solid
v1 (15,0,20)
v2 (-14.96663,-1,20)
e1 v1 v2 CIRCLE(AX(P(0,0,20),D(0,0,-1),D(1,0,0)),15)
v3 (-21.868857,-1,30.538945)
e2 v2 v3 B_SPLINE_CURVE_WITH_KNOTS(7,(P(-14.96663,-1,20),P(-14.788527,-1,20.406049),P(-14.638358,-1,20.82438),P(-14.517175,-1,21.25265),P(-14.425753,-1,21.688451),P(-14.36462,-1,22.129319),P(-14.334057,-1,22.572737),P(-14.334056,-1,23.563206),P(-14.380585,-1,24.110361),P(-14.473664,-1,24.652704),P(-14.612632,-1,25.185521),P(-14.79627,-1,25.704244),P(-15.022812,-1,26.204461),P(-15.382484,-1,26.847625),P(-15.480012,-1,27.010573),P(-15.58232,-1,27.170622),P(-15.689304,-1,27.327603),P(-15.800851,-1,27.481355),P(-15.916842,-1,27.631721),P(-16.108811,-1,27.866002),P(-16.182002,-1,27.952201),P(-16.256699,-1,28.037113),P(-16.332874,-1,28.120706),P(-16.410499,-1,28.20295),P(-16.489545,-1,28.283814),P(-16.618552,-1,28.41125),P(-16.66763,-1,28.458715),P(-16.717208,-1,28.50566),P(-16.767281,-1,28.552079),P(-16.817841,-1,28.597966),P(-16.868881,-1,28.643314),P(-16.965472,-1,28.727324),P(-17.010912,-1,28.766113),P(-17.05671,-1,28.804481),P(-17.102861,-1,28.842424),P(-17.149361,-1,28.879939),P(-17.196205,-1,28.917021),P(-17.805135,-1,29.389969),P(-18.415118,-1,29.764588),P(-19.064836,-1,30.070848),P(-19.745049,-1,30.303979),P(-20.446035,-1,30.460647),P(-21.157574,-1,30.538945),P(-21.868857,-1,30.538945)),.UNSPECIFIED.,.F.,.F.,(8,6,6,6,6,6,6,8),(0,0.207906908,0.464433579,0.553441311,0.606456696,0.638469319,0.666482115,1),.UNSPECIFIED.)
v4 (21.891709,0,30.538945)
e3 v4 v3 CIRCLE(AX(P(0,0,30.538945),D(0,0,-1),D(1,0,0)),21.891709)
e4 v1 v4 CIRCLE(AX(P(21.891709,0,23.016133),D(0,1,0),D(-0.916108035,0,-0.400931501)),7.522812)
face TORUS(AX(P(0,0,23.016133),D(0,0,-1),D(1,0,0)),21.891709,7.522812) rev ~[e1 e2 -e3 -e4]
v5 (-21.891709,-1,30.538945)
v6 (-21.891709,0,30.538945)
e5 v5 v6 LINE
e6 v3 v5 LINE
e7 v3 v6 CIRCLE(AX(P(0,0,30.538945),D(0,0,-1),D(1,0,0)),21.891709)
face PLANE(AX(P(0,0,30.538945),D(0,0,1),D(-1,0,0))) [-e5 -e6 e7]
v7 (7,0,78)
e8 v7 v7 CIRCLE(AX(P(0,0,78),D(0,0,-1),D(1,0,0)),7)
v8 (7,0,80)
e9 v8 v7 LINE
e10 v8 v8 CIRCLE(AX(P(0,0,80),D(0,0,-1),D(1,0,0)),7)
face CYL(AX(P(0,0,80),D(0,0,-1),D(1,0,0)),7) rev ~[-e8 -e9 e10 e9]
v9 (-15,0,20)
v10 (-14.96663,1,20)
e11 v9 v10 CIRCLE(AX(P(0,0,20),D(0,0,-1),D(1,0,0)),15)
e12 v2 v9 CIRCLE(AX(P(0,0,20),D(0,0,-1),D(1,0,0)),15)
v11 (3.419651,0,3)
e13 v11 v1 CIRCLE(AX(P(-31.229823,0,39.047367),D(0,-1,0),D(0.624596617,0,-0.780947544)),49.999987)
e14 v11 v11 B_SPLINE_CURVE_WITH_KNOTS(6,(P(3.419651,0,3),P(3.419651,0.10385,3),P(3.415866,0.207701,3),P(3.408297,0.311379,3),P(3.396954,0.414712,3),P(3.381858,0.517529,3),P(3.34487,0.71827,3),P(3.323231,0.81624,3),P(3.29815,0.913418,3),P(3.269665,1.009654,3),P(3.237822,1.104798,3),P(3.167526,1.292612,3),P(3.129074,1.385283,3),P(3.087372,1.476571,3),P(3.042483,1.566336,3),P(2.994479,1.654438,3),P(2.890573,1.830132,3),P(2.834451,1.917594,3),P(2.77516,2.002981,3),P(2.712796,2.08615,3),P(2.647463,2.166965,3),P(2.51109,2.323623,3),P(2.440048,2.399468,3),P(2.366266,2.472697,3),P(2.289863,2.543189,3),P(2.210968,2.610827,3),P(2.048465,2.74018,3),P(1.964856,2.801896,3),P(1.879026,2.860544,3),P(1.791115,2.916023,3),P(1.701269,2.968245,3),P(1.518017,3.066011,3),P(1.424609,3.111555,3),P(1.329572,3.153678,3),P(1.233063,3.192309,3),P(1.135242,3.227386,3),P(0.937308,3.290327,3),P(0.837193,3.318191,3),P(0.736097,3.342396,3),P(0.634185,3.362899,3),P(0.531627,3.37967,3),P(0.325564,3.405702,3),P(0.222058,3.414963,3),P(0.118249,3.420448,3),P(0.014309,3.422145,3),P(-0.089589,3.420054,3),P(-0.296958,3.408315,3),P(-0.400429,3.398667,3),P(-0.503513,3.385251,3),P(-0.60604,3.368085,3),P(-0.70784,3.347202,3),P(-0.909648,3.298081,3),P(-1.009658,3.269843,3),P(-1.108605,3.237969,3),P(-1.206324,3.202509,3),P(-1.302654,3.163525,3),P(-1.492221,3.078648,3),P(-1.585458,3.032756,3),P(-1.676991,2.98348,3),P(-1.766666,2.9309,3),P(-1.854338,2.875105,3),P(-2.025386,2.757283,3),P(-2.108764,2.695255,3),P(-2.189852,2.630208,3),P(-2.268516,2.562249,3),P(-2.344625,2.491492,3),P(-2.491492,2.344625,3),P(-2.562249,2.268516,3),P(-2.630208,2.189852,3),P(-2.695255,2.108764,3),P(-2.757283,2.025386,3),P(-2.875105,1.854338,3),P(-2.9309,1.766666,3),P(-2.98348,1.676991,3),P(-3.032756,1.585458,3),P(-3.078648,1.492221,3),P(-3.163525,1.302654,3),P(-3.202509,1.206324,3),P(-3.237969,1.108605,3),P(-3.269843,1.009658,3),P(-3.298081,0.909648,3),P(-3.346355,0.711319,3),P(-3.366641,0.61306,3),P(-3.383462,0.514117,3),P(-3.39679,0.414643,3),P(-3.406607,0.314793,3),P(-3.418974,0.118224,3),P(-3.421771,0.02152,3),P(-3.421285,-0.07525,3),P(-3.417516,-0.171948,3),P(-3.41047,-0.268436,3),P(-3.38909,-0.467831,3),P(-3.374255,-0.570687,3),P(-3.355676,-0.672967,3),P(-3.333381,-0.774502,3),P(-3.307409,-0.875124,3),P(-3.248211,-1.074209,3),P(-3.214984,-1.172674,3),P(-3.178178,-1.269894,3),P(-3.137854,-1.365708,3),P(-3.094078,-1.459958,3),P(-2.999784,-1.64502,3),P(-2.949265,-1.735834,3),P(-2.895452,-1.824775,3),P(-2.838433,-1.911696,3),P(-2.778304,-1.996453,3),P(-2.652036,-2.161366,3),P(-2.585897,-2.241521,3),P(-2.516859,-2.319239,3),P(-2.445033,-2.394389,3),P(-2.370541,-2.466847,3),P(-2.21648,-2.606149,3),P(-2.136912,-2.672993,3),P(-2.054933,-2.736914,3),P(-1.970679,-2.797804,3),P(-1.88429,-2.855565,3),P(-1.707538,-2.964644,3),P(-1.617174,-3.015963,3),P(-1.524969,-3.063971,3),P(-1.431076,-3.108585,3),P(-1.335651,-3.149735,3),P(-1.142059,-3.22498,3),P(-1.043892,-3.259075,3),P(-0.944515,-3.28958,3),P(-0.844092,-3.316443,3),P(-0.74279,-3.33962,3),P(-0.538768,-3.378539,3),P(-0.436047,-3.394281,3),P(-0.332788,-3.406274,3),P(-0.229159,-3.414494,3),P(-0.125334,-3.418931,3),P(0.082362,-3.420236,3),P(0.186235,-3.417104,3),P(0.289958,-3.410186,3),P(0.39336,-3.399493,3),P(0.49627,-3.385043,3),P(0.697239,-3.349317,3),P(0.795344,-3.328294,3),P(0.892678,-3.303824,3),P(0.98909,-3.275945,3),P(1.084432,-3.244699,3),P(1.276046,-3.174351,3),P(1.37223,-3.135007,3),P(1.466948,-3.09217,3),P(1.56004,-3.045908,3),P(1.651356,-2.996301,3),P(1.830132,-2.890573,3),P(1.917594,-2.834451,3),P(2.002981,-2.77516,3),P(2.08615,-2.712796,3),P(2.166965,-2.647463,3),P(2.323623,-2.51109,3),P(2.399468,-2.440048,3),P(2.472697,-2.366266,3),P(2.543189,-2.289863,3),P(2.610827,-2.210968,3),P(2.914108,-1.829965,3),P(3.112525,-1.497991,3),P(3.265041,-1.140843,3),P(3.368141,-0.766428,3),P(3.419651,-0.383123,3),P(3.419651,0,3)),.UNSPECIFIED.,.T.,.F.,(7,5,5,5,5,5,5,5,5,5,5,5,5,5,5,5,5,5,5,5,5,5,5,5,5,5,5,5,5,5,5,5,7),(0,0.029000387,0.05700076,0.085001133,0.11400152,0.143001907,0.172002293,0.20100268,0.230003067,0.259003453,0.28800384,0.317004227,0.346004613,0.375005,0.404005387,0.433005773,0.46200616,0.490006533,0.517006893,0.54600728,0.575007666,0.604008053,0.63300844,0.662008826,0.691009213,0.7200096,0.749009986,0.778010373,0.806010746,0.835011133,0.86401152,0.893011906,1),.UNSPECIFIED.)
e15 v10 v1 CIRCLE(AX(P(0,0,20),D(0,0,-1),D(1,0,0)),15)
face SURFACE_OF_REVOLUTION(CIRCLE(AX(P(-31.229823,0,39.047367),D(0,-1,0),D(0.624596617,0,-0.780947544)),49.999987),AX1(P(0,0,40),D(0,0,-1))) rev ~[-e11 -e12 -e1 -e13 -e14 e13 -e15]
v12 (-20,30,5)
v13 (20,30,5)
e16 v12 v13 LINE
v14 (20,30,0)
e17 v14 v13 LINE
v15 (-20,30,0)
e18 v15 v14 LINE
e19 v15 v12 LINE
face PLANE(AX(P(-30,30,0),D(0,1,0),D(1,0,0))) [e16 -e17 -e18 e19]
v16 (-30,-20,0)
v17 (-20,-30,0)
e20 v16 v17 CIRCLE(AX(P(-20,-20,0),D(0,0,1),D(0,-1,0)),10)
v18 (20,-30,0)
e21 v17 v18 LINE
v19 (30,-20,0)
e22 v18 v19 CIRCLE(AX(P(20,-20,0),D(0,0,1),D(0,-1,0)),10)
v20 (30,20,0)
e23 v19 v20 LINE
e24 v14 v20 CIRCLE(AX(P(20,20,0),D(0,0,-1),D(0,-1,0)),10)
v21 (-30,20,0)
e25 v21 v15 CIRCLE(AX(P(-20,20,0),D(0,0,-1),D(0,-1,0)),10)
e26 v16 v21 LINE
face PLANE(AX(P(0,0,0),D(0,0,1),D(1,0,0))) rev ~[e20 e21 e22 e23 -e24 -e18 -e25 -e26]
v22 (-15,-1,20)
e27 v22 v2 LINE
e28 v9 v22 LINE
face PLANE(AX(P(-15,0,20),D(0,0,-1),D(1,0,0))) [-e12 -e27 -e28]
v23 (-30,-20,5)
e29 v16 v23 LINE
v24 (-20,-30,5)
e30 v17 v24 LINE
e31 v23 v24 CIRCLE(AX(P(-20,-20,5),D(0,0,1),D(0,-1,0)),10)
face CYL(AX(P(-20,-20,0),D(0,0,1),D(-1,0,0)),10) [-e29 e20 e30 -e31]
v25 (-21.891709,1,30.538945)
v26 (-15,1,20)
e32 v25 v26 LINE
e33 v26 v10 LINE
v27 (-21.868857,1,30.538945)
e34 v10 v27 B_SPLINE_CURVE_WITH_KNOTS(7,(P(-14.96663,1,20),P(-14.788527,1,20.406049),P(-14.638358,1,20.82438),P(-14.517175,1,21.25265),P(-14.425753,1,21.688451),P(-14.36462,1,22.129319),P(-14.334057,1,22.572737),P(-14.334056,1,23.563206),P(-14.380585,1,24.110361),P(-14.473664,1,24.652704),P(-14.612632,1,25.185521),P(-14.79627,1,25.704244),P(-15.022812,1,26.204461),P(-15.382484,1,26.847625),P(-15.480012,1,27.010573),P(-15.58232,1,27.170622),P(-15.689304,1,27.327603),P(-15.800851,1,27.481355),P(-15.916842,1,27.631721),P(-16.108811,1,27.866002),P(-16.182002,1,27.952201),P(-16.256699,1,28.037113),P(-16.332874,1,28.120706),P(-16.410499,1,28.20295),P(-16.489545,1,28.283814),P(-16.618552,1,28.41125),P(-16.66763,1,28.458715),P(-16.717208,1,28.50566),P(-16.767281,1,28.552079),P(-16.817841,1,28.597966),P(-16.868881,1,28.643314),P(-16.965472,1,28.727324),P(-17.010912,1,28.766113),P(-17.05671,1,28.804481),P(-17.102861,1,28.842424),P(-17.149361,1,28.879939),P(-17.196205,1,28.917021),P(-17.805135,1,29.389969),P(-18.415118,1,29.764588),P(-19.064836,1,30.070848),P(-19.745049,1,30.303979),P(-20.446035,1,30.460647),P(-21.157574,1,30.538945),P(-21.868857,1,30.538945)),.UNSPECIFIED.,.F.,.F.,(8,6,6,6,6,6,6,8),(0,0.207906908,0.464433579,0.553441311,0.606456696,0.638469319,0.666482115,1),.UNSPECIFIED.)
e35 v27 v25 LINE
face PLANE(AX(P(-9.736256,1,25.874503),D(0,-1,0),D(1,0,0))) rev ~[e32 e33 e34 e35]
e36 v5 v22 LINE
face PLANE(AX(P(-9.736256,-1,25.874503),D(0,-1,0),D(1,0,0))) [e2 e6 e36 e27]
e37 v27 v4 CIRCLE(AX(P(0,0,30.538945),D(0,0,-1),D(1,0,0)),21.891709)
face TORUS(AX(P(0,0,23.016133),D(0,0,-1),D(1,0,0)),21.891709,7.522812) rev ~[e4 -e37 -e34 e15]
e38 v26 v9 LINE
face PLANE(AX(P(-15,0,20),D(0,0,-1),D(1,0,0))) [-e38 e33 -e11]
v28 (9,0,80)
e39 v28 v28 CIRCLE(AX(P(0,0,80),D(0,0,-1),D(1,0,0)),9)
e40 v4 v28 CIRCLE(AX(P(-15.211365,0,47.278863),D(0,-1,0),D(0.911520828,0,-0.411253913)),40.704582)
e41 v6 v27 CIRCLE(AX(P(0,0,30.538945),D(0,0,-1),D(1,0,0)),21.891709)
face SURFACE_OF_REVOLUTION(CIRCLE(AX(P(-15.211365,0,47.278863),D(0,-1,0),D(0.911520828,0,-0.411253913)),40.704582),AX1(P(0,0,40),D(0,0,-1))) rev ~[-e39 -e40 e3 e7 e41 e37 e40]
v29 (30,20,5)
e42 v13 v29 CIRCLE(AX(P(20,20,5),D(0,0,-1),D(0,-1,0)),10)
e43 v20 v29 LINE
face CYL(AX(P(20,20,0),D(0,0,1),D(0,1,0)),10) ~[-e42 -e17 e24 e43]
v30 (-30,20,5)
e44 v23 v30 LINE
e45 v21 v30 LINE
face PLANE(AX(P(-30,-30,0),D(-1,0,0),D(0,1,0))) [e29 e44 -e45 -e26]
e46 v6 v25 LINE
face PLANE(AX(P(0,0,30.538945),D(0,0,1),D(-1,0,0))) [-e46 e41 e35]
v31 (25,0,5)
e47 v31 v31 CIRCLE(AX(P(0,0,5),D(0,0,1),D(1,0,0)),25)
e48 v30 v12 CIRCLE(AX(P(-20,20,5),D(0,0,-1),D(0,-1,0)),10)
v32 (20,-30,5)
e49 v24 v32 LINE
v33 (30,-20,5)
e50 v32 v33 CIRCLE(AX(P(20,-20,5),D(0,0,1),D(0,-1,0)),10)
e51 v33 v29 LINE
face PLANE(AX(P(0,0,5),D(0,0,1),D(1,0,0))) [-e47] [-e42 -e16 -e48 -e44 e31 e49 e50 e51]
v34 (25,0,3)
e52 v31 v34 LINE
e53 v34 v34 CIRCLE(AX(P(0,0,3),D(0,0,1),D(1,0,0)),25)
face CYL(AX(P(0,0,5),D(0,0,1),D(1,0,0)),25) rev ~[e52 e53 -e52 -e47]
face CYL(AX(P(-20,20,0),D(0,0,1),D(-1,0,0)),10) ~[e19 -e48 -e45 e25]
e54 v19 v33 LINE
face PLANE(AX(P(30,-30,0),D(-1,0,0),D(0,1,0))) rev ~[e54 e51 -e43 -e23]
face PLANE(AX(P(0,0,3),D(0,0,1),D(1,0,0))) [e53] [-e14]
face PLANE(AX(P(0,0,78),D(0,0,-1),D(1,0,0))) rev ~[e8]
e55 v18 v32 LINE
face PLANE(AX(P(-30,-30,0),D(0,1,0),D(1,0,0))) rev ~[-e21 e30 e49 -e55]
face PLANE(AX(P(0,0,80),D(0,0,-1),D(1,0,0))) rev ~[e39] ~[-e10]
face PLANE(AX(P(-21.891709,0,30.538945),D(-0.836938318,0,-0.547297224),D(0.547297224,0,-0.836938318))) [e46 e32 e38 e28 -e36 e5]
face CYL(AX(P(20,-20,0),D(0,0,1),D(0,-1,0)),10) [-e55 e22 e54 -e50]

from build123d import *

# Parameters (mm, degrees)
F0_W     = 60
F0_H     = 60
F1_DEPTH = 5
F2_R     = 25
F3_DEPTH = 2
F4_R     = 10
F8_DEPTH = 1


with BuildPart() as f1:
    # F0 (on Top) → F1 (new body)
    with BuildSketch(Plane.XY):
        Rectangle(F0_W, F0_H)
    extrude(amount=F1_DEPTH)

    # F2 (on face) → F3 (cut)
    with BuildSketch(Plane.XY.offset(5)):
        Circle(F2_R)
    extrude(amount=-F3_DEPTH, mode=Mode.SUBTRACT)

    # F4
    f4_edges = [f1.edges().sort_by_distance(p)[0] for p in [
        (30, 30, 2.5),
        (-30, 30, 2.5),
        (30, -30, 2.5),
        (-30, -30, 2.5),
    ]]
    fillet(f4_edges, radius=F4_R)

    # F5 (on Front) → F6 (revolve)
    with BuildSketch(Plane.XZ):
        with BuildLine():
            Line((15, 20), (0, 20))
            Line((0, 20), (0, 0))
            ThreePointArc((0, 0), (8.770167, 9.047375), (15, 20))
        make_face()
        with BuildLine():
            Line((21.891709, 30.538945), (0, 30.538945))
            Line((0, 30.538945), (0, 20))
            Line((0, 20), (15, 20))
            ThreePointArc((15, 20), (15.595579, 27.133347), (21.891709, 30.538945))
        make_face()
        with BuildLine():
            Line((7, 78), (0, 78))
            Line((0, 78), (0, 30.538945))
            Line((0, 30.538945), (21.891709, 30.538945))
            ThreePointArc((21.891709, 30.538945), (24.177264, 57.545259), (9, 80))
            Line((9, 80), (7, 80))
            Line((7, 80), (7, 78))
        make_face()
    revolve(axis=Axis((0, 0, 40), (0, 0, -1)))

    # F7 (on Front) → F8 (join, symmetric)
    with BuildSketch(Plane.XZ):
        Polygon((-21.891709, 30.538945), (-15, 20), (0, 20), (0, 30.538945), align=None)
    extrude(amount=F8_DEPTH, both=True)


solid = f1.part
